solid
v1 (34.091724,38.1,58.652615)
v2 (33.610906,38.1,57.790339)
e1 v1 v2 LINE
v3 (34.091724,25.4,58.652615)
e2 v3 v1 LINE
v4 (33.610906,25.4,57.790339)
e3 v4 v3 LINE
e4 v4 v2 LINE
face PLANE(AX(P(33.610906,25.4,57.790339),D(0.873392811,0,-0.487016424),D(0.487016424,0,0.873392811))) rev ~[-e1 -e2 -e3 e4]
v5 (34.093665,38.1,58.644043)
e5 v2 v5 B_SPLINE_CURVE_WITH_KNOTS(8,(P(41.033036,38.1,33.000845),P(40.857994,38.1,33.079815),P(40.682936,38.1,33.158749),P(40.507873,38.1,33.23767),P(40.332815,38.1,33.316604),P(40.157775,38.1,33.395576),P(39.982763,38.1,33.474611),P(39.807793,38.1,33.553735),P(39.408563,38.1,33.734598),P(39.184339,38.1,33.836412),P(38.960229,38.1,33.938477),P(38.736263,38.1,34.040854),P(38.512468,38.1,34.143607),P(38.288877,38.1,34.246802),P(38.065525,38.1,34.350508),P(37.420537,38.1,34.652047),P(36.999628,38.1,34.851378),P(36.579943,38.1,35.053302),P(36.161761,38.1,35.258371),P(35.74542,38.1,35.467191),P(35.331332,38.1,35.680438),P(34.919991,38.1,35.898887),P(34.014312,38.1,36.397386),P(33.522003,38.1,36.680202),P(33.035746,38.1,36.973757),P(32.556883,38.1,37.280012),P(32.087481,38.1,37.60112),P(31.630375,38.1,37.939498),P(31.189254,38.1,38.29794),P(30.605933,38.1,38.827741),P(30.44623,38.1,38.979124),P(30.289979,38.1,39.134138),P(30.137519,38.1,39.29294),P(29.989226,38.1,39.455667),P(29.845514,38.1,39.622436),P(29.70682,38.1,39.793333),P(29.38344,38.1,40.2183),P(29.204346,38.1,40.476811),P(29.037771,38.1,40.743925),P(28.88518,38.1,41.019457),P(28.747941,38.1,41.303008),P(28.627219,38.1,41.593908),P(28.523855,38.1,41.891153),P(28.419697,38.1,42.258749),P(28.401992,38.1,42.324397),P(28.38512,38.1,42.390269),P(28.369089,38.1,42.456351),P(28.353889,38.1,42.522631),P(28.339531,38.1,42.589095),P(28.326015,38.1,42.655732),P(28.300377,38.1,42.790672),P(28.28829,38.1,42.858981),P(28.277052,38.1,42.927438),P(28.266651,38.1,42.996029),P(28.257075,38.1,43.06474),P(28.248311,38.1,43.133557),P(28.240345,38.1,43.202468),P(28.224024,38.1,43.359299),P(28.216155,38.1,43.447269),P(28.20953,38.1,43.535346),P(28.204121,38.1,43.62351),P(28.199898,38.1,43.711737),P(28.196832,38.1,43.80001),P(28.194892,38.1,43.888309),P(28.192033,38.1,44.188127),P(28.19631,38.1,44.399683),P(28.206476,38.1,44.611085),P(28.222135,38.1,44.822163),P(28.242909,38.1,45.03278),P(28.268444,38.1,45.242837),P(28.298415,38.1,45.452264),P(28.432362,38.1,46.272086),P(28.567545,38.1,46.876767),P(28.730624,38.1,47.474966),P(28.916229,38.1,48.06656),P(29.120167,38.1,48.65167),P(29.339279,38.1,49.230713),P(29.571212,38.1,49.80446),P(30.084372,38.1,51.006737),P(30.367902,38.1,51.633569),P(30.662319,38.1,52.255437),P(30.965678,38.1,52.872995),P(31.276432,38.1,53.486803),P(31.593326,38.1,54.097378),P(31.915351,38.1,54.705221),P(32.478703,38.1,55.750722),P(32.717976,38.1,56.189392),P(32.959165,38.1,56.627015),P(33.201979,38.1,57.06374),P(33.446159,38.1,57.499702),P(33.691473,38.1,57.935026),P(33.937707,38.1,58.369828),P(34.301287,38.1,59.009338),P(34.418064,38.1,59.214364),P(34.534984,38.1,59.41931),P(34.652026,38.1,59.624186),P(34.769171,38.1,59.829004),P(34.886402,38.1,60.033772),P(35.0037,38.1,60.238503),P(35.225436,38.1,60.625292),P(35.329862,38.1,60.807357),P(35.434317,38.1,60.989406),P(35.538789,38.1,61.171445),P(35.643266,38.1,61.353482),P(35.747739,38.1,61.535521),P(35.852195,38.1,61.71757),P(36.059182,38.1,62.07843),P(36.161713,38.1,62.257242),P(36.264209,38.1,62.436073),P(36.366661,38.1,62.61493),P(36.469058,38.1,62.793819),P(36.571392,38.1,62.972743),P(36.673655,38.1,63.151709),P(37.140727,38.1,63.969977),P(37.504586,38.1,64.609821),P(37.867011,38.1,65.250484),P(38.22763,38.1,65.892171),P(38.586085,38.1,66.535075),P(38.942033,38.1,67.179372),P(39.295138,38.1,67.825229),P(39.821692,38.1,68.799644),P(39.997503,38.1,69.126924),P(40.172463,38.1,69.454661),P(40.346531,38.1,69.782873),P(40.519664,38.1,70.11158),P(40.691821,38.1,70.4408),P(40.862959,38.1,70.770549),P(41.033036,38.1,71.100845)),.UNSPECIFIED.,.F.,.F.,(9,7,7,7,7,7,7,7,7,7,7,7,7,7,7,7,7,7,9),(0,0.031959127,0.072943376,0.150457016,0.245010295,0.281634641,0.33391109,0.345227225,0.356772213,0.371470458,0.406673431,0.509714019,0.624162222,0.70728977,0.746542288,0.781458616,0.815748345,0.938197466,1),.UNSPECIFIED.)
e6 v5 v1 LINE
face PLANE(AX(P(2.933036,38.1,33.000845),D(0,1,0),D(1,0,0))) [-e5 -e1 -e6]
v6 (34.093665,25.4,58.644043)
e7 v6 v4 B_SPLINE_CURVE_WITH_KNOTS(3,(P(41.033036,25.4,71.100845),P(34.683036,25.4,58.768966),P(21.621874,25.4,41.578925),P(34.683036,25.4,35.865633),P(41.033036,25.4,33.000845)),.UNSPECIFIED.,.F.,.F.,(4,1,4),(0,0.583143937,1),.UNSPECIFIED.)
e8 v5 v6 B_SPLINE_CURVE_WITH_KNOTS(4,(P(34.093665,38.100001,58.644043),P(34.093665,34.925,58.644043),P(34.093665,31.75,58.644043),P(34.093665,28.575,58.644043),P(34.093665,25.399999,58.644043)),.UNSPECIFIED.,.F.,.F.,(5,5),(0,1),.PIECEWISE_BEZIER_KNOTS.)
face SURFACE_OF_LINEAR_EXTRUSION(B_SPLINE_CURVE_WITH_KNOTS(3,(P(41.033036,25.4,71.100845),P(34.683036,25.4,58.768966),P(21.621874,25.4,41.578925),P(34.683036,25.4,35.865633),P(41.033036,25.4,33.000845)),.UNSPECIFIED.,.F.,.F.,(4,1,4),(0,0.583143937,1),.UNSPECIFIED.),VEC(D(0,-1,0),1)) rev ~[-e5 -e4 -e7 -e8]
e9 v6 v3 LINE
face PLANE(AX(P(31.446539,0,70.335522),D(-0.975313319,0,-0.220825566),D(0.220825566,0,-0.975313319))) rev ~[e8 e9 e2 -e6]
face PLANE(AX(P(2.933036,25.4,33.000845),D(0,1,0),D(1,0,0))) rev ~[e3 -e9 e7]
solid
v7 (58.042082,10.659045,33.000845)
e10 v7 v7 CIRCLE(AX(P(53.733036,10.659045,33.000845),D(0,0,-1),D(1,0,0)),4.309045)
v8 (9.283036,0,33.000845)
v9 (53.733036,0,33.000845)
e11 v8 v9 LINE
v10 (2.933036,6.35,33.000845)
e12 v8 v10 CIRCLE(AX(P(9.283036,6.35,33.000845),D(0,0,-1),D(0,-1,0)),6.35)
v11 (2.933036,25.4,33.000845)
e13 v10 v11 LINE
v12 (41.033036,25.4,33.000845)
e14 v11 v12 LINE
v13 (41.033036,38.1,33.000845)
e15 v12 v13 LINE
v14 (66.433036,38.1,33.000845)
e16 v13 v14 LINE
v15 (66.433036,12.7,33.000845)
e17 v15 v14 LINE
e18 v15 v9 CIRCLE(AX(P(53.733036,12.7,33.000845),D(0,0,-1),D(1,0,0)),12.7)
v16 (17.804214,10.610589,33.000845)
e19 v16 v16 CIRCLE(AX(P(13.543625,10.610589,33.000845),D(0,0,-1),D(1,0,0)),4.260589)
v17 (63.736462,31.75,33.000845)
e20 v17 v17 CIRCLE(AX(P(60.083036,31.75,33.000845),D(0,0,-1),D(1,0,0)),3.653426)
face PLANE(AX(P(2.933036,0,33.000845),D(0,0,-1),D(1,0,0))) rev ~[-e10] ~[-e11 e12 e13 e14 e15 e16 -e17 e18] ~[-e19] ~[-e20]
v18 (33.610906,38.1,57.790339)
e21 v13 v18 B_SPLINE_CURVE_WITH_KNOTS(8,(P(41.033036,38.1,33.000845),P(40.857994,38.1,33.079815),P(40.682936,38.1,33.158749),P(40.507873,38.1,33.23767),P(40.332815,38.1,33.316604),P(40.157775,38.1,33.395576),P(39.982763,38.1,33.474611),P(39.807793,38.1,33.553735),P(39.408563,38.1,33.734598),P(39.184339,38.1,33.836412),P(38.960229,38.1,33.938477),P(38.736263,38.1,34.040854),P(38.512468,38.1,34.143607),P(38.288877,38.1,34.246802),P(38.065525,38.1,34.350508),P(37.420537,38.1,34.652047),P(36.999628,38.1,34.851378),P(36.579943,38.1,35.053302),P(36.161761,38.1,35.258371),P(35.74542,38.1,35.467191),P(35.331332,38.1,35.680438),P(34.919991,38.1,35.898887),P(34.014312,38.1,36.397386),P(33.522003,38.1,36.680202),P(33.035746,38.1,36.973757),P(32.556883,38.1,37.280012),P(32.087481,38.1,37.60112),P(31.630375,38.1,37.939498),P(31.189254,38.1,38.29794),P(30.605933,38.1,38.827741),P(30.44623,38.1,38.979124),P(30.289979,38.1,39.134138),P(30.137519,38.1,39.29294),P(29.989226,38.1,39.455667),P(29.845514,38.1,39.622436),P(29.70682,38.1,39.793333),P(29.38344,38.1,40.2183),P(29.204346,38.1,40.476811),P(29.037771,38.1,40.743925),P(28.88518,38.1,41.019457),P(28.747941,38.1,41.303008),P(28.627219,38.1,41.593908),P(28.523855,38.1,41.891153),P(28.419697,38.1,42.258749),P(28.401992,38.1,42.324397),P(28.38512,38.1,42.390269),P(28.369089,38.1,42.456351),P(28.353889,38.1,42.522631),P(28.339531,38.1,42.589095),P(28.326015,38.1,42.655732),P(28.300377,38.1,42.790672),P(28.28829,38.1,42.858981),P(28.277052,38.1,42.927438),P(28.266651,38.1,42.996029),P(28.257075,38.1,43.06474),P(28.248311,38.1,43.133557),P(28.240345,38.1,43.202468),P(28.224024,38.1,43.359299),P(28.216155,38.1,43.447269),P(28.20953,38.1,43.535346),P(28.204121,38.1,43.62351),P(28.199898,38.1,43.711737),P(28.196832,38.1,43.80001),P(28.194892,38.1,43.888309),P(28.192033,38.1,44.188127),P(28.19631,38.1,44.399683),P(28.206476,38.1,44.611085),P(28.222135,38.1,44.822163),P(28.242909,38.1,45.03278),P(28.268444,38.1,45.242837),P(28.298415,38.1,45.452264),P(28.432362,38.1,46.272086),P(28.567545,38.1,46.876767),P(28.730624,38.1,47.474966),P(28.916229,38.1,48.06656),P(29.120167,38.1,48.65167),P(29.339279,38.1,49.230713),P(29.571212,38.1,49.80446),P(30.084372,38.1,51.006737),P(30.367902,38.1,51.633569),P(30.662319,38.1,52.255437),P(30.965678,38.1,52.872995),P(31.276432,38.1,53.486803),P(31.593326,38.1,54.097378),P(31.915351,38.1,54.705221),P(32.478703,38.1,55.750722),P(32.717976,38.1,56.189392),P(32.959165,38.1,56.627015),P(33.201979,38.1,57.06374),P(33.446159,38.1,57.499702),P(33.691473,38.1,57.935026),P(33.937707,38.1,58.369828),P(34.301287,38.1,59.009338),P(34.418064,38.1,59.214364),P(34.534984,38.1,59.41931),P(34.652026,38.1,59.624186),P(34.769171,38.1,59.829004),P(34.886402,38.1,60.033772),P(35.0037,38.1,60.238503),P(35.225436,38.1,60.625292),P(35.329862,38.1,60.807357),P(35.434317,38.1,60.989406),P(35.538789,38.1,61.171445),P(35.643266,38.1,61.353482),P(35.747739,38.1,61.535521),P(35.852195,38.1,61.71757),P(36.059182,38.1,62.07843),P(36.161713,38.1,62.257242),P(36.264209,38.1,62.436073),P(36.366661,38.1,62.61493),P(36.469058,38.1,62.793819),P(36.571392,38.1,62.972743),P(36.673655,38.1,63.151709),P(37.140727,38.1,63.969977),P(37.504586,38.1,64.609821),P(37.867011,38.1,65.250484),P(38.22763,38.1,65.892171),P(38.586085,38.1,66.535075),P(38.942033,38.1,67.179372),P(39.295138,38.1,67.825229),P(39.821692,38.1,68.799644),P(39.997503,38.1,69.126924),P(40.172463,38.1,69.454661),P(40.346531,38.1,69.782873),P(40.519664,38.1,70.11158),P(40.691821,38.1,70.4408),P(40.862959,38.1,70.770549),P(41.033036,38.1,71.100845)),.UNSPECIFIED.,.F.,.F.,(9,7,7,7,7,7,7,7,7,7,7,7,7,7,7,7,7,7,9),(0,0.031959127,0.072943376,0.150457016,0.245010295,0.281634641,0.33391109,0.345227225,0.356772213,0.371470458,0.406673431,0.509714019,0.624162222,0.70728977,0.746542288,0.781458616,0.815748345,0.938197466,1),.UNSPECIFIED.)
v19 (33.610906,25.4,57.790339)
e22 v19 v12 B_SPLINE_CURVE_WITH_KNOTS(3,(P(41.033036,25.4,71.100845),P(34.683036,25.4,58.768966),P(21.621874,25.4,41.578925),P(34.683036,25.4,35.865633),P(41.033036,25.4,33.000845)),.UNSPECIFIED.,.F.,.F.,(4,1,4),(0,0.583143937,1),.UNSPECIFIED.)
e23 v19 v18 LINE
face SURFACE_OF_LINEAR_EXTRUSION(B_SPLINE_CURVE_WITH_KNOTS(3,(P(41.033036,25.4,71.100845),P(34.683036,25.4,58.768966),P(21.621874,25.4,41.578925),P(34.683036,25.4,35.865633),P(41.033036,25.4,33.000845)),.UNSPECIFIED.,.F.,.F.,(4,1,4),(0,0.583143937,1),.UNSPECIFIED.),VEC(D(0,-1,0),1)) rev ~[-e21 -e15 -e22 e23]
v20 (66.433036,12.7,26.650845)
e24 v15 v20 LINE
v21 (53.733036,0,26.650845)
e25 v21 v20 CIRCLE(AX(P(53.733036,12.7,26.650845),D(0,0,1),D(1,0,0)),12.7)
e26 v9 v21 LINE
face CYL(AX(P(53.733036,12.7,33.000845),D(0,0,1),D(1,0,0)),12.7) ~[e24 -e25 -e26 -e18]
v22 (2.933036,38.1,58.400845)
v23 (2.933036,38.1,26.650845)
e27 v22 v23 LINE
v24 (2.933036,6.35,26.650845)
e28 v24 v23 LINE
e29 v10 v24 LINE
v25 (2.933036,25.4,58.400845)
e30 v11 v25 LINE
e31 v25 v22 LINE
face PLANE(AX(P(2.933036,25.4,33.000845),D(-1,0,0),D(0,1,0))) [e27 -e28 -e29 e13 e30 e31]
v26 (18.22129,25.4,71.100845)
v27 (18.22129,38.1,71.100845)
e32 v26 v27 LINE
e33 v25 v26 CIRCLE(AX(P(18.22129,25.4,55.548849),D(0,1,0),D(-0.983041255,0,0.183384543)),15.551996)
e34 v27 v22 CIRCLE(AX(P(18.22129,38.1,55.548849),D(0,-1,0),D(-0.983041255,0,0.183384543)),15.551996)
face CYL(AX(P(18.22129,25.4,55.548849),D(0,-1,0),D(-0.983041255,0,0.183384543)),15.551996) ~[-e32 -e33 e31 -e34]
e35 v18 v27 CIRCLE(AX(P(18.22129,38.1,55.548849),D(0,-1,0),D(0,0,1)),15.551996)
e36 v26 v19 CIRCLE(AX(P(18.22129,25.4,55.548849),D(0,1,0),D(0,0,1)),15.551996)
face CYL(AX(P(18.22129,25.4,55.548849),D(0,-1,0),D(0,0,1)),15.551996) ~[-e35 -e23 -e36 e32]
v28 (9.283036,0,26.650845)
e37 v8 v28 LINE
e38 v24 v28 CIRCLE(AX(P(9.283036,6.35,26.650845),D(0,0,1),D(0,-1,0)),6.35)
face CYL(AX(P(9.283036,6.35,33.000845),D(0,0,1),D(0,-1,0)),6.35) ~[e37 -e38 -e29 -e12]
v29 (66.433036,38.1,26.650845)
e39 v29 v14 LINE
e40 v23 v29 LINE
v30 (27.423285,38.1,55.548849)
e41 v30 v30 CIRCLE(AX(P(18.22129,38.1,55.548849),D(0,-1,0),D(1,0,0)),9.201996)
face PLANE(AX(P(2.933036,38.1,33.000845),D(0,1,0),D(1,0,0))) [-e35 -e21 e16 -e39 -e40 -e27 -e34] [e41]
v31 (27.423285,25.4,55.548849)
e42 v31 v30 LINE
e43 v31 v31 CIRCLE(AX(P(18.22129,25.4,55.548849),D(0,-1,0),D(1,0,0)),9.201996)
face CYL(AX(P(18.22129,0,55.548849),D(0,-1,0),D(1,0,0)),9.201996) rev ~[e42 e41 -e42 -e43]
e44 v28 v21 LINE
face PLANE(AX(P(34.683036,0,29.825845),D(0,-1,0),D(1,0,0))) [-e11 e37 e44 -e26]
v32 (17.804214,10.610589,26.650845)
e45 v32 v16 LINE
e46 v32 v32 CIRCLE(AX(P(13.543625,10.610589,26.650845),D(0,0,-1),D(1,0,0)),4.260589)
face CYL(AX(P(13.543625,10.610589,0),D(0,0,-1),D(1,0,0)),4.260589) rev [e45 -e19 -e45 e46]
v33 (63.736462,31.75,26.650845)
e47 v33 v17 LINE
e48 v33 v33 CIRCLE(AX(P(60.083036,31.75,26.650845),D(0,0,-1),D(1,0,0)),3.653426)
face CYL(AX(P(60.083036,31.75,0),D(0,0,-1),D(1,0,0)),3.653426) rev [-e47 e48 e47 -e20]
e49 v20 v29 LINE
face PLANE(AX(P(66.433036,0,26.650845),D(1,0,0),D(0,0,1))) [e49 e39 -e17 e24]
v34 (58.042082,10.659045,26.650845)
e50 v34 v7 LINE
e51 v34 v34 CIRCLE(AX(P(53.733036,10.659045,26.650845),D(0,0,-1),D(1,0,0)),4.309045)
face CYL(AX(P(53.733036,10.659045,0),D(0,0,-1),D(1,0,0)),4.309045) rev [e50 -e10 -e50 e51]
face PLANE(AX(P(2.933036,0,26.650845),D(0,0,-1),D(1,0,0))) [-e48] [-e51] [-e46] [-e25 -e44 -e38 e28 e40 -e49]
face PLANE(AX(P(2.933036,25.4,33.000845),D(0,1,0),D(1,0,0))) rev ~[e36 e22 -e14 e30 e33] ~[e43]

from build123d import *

# Parameters (mm, degrees)
F0_W      = 63.5
F0_H      = 6.35
F1_DEPTH  = 38.1
F2_W      = 38.1
F2_H      = 12.7
F3_DEPTH  = 38.1
F5_DEPTH  = 25.4
F7_DEPTH  = 25.4
F9_DEPTH  = 50.8
F10_R     = 9.2019956047
F11_DEPTH = 50.8
F13_DEPTH = 25.4
F14_R     = 3.6534256471
F14_R_2   = 4.3090453785
F14_R_3   = 4.2605889861
F15_DEPTH = 50.8


with BuildPart() as f1:
    # F0 (on Front) → F1 (new body)
    with BuildSketch(Plane.XZ):
        with Locations((34.6830364735, 29.8258449787)):
            Rectangle(F0_W, F0_H)
    extrude(amount=-F1_DEPTH)

    # F2 (on face) → F3 (join)
    with BuildSketch(Plane.XY.offset(33.0008449787)):
        with Locations((21.9830364735, 31.75)):
            Rectangle(F2_W, F2_H)
    extrude(amount=F3_DEPTH)

    # F4 (on face) → F5 (cut)
    with BuildSketch(Plane.XZ.offset(-25.4)):
        with BuildLine():
            Line((41.0330364735, 33.0008449787), (41.0330364735, 71.1008449787))
            add(Edge.make_bspline(
                [(41.0330364735, 71.1008449787), (34.6830364735, 58.7689659775), (21.6218736771, 41.5789247184), (34.6830364735, 35.8656333736), (41.0330364735, 33.0008449787)],
                knots=[0, 0, 0, 0, 0.5831439373, 1, 1, 1, 1], degree=3))
        make_face()
    extrude(amount=-F5_DEPTH, mode=Mode.SUBTRACT)

    # F6 (on face) → F7 (cut)
    with BuildSketch(Plane.XZ.offset(-25.4)):
        with BuildLine():
            ThreePointArc((2.9330364735, 58.4008449787), (8.2837260639, 67.5116832857), (18.2212897537, 71.1008449787))
            Line((18.2212897537, 71.1008449787), (2.9330364735, 71.1008449787))
            Line((2.9330364735, 71.1008449787), (2.9330364735, 58.4008449787))
        make_face()
        with BuildLine():
            ThreePointArc((18.2212897537, 71.1008449787), (28.3949060662, 67.3115913339), (33.6109061765, 57.7903385325))
            Line((33.6109061765, 57.7903385325), (41.0330364735, 71.1008449787))
            Line((41.0330364735, 71.1008449787), (18.2212897537, 71.1008449787))
        make_face()
    extrude(amount=-F7_DEPTH, mode=Mode.SUBTRACT)

    # F8 (on Front) → F9 (cut)
    with BuildSketch(Plane.XZ):
        Polygon((43.5892567039, 74.0717500448), (31.4465388656, 70.335522294), (35.1827591658, 53.8338758051), (52.0755703269, 57.6586616548), align=None)
    extrude(amount=-F9_DEPTH, mode=Mode.SUBTRACT)

    # F10 (on Front) → F11 (cut)
    with BuildSketch(Plane.XZ):
        with Locations((18.2212897537, 55.548849374)):
            Circle(F10_R)
    extrude(amount=-F11_DEPTH, mode=Mode.SUBTRACT)

    # F12 (on face) → F13 (cut)
    with BuildSketch(Plane.XY.offset(33.0008449787)):
        with BuildLine():
            ThreePointArc((9.2830364735, 0), (4.792908413, 1.8598719395), (2.9330364735, 6.35))
            Line((2.9330364735, 6.35), (2.9330364735, 0))
            Line((2.9330364735, 0), (9.2830364735, 0))
        make_face()
        with BuildLine():
            Line((66.4330364735, 0), (66.4330364735, 12.7))
            ThreePointArc((66.4330364735, 12.7), (62.7132925946, 3.7197438789), (53.7330364735, 0))
            Line((53.7330364735, 0), (66.4330364735, 0))
        make_face()
    extrude(amount=-F13_DEPTH, mode=Mode.SUBTRACT)

    # F14 (on Top) → F15 (cut)
    with BuildSketch(Plane.XY):
        with Locations((60.0830364735, 31.75)):
            Circle(F14_R)
        with Locations((53.7330364735, 10.6590453785)):
            Circle(F14_R_2)
        with Locations((13.5436254597, 10.6105889861)):
            Circle(F14_R_3)
    extrude(amount=F15_DEPTH, mode=Mode.SUBTRACT)


solid = f1.part
